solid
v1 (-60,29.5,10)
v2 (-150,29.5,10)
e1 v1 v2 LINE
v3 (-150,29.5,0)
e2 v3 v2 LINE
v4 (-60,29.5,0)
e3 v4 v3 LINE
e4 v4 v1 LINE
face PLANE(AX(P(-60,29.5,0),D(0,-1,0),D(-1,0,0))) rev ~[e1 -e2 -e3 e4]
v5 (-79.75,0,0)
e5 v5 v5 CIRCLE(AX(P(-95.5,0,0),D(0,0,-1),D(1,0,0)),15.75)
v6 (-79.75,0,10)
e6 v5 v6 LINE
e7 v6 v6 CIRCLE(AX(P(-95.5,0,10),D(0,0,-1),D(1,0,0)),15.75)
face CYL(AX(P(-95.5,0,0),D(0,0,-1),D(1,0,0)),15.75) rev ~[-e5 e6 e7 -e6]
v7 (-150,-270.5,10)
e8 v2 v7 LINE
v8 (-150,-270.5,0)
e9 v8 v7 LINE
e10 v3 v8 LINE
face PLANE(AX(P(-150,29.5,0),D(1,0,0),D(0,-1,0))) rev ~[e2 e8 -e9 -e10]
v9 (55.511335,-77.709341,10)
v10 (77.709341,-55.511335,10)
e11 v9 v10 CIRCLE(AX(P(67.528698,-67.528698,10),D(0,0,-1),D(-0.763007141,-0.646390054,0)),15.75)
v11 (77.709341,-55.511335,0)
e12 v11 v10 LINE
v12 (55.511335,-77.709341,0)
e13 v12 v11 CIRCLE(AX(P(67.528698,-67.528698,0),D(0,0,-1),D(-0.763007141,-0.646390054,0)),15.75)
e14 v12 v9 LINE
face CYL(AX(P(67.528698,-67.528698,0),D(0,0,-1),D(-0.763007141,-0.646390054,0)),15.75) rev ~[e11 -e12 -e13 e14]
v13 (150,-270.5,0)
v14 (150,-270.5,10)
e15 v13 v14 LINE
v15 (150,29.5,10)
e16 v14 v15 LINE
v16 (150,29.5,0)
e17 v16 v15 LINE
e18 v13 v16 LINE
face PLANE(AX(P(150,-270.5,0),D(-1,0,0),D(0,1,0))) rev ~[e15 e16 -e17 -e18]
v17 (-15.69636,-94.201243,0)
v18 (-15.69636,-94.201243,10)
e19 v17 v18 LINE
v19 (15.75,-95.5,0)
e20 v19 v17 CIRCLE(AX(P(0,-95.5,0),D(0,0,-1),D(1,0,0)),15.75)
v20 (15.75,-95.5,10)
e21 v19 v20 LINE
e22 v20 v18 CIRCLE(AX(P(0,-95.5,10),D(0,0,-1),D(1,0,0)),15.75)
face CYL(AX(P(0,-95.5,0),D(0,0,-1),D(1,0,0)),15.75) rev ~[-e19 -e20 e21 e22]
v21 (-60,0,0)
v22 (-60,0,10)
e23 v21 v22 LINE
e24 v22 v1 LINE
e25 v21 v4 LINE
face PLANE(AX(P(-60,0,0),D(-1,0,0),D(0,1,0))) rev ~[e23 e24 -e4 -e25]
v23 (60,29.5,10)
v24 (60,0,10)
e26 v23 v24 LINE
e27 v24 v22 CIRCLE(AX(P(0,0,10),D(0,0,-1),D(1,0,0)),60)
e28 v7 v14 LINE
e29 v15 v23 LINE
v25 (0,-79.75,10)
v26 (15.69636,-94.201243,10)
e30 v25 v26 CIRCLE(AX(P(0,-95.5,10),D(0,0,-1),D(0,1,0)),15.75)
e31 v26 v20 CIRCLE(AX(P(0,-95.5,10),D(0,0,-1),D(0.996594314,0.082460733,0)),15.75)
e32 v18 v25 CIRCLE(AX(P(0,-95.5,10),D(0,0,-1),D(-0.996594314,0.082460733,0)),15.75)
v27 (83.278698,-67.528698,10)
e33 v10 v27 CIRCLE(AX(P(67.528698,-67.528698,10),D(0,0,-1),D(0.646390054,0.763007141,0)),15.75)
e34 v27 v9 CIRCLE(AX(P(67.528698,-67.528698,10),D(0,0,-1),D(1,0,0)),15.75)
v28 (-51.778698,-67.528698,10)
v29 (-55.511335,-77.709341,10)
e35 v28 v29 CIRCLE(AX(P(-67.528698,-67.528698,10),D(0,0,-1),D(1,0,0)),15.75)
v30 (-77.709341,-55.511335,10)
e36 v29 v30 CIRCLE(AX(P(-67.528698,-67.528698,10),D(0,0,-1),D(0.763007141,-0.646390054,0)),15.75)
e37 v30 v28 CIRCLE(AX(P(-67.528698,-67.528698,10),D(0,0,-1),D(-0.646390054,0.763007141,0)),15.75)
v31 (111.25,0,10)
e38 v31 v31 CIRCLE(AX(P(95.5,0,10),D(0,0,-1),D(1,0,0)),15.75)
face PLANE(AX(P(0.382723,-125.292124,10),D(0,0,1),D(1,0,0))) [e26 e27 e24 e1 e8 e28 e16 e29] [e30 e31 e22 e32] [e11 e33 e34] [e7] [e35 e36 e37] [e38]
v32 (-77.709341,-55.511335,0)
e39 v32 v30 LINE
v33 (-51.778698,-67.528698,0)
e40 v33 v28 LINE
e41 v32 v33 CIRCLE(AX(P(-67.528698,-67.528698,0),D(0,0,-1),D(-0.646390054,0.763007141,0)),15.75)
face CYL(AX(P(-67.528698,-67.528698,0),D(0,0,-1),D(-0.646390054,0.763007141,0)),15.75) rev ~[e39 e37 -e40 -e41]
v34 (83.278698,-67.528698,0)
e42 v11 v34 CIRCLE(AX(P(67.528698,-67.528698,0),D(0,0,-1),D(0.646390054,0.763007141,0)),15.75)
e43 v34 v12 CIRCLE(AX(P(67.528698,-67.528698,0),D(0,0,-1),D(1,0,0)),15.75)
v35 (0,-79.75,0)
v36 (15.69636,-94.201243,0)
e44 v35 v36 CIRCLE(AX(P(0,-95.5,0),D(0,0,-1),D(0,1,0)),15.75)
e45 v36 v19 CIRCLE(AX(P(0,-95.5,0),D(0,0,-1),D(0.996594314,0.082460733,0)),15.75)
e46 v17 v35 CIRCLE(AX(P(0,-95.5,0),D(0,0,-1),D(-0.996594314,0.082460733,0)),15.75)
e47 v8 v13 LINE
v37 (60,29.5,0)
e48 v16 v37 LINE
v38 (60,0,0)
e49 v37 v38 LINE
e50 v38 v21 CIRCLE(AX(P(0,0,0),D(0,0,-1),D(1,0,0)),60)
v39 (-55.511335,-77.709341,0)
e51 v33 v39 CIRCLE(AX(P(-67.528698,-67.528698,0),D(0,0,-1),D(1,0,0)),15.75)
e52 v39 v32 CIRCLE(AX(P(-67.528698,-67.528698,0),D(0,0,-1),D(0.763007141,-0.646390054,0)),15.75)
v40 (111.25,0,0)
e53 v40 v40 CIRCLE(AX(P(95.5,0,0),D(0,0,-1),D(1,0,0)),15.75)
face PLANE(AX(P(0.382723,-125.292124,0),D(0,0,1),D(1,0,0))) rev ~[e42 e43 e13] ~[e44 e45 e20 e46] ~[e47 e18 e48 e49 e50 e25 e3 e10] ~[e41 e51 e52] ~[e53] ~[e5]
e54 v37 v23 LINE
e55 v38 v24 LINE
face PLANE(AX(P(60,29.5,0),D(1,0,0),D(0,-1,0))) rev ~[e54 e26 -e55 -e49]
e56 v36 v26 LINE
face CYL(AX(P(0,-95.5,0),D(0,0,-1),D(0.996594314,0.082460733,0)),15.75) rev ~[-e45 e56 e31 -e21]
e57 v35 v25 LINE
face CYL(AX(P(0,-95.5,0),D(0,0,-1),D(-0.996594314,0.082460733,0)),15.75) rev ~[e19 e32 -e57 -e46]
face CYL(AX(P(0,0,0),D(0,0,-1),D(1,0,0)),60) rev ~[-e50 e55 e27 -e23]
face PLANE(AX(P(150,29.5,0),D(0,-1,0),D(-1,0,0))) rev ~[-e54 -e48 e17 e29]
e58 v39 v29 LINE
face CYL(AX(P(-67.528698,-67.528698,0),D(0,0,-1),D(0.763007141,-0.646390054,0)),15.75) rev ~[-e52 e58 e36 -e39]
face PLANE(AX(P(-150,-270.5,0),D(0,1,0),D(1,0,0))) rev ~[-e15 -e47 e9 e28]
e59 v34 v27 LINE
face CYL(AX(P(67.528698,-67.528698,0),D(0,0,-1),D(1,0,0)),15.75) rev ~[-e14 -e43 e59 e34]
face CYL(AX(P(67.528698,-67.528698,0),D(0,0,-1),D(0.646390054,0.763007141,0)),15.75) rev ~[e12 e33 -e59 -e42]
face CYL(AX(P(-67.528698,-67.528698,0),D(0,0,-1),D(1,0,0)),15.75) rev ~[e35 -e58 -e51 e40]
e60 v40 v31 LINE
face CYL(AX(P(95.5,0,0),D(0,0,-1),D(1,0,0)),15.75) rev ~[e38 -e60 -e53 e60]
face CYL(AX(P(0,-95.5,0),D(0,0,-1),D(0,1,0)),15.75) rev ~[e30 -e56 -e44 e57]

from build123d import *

# Parameters (mm, degrees)
F1_DEPTH = 10


with BuildPart() as f1:
    # F0 (on Top) → F1 (new body)
    with BuildSketch(Plane.XY):
        with BuildLine():
            Line((150, 29.5), (111.1519230603, 29.5))
            ThreePointArc((111.1519230603, 29.5), (114.0339229176, 14.8749596313), (115, 0))
            ThreePointArc((115, 0), (-14.8749596313, -114.0339229176), (-111.1519230603, 29.5))
            Line((-111.1519230603, 29.5), (-150, 29.5))
            Line((-150, 29.5), (-150, -270.5))
            Line((-150, -270.5), (150, -270.5))
            Line((150, -270.5), (150, -95.5))
            Line((150, -95.5), (150, 29.5))
        make_face()
        with BuildLine():
            ThreePointArc((90.8295106229, 29.5), (92.7724641524, 22.6609773642), (94.2012434555, 15.696360452))
            ThreePointArc((94.2012434555, 15.696360452), (106.1678743062, 11.5870167769), (111.25, 0))
            ThreePointArc((111.25, 0), (106.1678743062, -11.5870167769), (94.2012434555, -15.696360452))
            ThreePointArc((94.2012434555, -15.696360452), (88.2304953548, -36.5462677909), (77.7093409591, -55.5113351281))
            ThreePointArc((77.7093409591, -55.5113351281), (81.8186876812, -60.9061087158), (83.2786976033, -67.5286976033))
            ThreePointArc((83.2786976033, -67.5286976033), (72.9503689791, -82.3161240019), (55.5113351281, -77.7093409591))
            ThreePointArc((55.5113351281, -77.7093409591), (36.5462677909, -88.2304953548), (15.696360452, -94.2012434555))
            ThreePointArc((15.696360452, -94.2012434555), (15.7365843994, -94.8500681261), (15.75, -95.5))
            ThreePointArc((15.75, -95.5), (-0.6499318739, -111.2365843994), (-15.696360452, -94.2012434555))
            ThreePointArc((-15.696360452, -94.2012434555), (-36.5462677909, -88.2304953548), (-55.5113351281, -77.7093409591))
            ThreePointArc((-55.5113351281, -77.7093409591), (-78.665629407, -78.665629407), (-77.7093409591, -55.5113351281))
            ThreePointArc((-77.7093409591, -55.5113351281), (-88.2304953548, -36.5462677909), (-94.2012434555, -15.696360452))
            ThreePointArc((-94.2012434555, -15.696360452), (-111.25, 0), (-94.2012434555, 15.696360452))
            ThreePointArc((-94.2012434555, 15.696360452), (-92.7724641524, 22.6609773642), (-90.8295106229, 29.5))
            Line((-90.8295106229, 29.5), (-111.1519230603, 29.5))
            ThreePointArc((-111.1519230603, 29.5), (-14.8749596313, -114.0339229176), (115, 0))
            ThreePointArc((115, 0), (114.0339229176, 14.8749596313), (111.1519230603, 29.5))
            Line((111.1519230603, 29.5), (90.8295106229, 29.5))
        make_face()
        with BuildLine():
            Line((-60, 29.5), (-90.8295106229, 29.5))
            ThreePointArc((-90.8295106229, 29.5), (-92.7724641524, 22.6609773642), (-94.2012434555, 15.696360452))
            ThreePointArc((-94.2012434555, 15.696360452), (-83.9129832231, 10.6678743062), (-79.75, 0))
            ThreePointArc((-79.75, 0), (-83.9129832231, -10.6678743062), (-94.2012434555, -15.696360452))
            ThreePointArc((-94.2012434555, -15.696360452), (-88.2304953548, -36.5462677909), (-77.7093409591, -55.5113351281))
            ThreePointArc((-77.7093409591, -55.5113351281), (-60.9061087158, -53.2387075254), (-51.7786976033, -67.5286976033))
            ThreePointArc((-51.7786976033, -67.5286976033), (-52.7412712048, -72.9503689791), (-55.5113351281, -77.7093409591))
            ThreePointArc((-55.5113351281, -77.7093409591), (-36.5462677909, -88.2304953548), (-15.696360452, -94.2012434555))
            ThreePointArc((-15.696360452, -94.2012434555), (-10.6678743062, -83.9129832231), (0, -79.75))
            Line((0, -79.75), (0, -60))
            ThreePointArc((0, -60), (-42.4264068712, -42.4264068712), (-60, 0))
            Line((-60, 0), (-60, 29.5))
        make_face()
        with BuildLine():
            ThreePointArc((94.2012434555, -15.696360452), (79.75, 0), (94.2012434555, 15.696360452))
            ThreePointArc((94.2012434555, 15.696360452), (92.7724641524, 22.6609773642), (90.8295106229, 29.5))
            Line((90.8295106229, 29.5), (60, 29.5))
            Line((60, 29.5), (60, 0))
            ThreePointArc((60, 0), (42.4264068712, -42.4264068712), (0, -60))
            Line((0, -60), (0, -79.75))
            ThreePointArc((0, -79.75), (10.6678743062, -83.9129832231), (15.696360452, -94.2012434555))
            ThreePointArc((15.696360452, -94.2012434555), (36.5462677909, -88.2304953548), (55.5113351281, -77.7093409591))
            ThreePointArc((55.5113351281, -77.7093409591), (56.3917657996, -56.3917657996), (77.7093409591, -55.5113351281))
            ThreePointArc((77.7093409591, -55.5113351281), (88.2304953548, -36.5462677909), (94.2012434555, -15.696360452))
        make_face()
    extrude(amount=F1_DEPTH)


solid = f1.part
